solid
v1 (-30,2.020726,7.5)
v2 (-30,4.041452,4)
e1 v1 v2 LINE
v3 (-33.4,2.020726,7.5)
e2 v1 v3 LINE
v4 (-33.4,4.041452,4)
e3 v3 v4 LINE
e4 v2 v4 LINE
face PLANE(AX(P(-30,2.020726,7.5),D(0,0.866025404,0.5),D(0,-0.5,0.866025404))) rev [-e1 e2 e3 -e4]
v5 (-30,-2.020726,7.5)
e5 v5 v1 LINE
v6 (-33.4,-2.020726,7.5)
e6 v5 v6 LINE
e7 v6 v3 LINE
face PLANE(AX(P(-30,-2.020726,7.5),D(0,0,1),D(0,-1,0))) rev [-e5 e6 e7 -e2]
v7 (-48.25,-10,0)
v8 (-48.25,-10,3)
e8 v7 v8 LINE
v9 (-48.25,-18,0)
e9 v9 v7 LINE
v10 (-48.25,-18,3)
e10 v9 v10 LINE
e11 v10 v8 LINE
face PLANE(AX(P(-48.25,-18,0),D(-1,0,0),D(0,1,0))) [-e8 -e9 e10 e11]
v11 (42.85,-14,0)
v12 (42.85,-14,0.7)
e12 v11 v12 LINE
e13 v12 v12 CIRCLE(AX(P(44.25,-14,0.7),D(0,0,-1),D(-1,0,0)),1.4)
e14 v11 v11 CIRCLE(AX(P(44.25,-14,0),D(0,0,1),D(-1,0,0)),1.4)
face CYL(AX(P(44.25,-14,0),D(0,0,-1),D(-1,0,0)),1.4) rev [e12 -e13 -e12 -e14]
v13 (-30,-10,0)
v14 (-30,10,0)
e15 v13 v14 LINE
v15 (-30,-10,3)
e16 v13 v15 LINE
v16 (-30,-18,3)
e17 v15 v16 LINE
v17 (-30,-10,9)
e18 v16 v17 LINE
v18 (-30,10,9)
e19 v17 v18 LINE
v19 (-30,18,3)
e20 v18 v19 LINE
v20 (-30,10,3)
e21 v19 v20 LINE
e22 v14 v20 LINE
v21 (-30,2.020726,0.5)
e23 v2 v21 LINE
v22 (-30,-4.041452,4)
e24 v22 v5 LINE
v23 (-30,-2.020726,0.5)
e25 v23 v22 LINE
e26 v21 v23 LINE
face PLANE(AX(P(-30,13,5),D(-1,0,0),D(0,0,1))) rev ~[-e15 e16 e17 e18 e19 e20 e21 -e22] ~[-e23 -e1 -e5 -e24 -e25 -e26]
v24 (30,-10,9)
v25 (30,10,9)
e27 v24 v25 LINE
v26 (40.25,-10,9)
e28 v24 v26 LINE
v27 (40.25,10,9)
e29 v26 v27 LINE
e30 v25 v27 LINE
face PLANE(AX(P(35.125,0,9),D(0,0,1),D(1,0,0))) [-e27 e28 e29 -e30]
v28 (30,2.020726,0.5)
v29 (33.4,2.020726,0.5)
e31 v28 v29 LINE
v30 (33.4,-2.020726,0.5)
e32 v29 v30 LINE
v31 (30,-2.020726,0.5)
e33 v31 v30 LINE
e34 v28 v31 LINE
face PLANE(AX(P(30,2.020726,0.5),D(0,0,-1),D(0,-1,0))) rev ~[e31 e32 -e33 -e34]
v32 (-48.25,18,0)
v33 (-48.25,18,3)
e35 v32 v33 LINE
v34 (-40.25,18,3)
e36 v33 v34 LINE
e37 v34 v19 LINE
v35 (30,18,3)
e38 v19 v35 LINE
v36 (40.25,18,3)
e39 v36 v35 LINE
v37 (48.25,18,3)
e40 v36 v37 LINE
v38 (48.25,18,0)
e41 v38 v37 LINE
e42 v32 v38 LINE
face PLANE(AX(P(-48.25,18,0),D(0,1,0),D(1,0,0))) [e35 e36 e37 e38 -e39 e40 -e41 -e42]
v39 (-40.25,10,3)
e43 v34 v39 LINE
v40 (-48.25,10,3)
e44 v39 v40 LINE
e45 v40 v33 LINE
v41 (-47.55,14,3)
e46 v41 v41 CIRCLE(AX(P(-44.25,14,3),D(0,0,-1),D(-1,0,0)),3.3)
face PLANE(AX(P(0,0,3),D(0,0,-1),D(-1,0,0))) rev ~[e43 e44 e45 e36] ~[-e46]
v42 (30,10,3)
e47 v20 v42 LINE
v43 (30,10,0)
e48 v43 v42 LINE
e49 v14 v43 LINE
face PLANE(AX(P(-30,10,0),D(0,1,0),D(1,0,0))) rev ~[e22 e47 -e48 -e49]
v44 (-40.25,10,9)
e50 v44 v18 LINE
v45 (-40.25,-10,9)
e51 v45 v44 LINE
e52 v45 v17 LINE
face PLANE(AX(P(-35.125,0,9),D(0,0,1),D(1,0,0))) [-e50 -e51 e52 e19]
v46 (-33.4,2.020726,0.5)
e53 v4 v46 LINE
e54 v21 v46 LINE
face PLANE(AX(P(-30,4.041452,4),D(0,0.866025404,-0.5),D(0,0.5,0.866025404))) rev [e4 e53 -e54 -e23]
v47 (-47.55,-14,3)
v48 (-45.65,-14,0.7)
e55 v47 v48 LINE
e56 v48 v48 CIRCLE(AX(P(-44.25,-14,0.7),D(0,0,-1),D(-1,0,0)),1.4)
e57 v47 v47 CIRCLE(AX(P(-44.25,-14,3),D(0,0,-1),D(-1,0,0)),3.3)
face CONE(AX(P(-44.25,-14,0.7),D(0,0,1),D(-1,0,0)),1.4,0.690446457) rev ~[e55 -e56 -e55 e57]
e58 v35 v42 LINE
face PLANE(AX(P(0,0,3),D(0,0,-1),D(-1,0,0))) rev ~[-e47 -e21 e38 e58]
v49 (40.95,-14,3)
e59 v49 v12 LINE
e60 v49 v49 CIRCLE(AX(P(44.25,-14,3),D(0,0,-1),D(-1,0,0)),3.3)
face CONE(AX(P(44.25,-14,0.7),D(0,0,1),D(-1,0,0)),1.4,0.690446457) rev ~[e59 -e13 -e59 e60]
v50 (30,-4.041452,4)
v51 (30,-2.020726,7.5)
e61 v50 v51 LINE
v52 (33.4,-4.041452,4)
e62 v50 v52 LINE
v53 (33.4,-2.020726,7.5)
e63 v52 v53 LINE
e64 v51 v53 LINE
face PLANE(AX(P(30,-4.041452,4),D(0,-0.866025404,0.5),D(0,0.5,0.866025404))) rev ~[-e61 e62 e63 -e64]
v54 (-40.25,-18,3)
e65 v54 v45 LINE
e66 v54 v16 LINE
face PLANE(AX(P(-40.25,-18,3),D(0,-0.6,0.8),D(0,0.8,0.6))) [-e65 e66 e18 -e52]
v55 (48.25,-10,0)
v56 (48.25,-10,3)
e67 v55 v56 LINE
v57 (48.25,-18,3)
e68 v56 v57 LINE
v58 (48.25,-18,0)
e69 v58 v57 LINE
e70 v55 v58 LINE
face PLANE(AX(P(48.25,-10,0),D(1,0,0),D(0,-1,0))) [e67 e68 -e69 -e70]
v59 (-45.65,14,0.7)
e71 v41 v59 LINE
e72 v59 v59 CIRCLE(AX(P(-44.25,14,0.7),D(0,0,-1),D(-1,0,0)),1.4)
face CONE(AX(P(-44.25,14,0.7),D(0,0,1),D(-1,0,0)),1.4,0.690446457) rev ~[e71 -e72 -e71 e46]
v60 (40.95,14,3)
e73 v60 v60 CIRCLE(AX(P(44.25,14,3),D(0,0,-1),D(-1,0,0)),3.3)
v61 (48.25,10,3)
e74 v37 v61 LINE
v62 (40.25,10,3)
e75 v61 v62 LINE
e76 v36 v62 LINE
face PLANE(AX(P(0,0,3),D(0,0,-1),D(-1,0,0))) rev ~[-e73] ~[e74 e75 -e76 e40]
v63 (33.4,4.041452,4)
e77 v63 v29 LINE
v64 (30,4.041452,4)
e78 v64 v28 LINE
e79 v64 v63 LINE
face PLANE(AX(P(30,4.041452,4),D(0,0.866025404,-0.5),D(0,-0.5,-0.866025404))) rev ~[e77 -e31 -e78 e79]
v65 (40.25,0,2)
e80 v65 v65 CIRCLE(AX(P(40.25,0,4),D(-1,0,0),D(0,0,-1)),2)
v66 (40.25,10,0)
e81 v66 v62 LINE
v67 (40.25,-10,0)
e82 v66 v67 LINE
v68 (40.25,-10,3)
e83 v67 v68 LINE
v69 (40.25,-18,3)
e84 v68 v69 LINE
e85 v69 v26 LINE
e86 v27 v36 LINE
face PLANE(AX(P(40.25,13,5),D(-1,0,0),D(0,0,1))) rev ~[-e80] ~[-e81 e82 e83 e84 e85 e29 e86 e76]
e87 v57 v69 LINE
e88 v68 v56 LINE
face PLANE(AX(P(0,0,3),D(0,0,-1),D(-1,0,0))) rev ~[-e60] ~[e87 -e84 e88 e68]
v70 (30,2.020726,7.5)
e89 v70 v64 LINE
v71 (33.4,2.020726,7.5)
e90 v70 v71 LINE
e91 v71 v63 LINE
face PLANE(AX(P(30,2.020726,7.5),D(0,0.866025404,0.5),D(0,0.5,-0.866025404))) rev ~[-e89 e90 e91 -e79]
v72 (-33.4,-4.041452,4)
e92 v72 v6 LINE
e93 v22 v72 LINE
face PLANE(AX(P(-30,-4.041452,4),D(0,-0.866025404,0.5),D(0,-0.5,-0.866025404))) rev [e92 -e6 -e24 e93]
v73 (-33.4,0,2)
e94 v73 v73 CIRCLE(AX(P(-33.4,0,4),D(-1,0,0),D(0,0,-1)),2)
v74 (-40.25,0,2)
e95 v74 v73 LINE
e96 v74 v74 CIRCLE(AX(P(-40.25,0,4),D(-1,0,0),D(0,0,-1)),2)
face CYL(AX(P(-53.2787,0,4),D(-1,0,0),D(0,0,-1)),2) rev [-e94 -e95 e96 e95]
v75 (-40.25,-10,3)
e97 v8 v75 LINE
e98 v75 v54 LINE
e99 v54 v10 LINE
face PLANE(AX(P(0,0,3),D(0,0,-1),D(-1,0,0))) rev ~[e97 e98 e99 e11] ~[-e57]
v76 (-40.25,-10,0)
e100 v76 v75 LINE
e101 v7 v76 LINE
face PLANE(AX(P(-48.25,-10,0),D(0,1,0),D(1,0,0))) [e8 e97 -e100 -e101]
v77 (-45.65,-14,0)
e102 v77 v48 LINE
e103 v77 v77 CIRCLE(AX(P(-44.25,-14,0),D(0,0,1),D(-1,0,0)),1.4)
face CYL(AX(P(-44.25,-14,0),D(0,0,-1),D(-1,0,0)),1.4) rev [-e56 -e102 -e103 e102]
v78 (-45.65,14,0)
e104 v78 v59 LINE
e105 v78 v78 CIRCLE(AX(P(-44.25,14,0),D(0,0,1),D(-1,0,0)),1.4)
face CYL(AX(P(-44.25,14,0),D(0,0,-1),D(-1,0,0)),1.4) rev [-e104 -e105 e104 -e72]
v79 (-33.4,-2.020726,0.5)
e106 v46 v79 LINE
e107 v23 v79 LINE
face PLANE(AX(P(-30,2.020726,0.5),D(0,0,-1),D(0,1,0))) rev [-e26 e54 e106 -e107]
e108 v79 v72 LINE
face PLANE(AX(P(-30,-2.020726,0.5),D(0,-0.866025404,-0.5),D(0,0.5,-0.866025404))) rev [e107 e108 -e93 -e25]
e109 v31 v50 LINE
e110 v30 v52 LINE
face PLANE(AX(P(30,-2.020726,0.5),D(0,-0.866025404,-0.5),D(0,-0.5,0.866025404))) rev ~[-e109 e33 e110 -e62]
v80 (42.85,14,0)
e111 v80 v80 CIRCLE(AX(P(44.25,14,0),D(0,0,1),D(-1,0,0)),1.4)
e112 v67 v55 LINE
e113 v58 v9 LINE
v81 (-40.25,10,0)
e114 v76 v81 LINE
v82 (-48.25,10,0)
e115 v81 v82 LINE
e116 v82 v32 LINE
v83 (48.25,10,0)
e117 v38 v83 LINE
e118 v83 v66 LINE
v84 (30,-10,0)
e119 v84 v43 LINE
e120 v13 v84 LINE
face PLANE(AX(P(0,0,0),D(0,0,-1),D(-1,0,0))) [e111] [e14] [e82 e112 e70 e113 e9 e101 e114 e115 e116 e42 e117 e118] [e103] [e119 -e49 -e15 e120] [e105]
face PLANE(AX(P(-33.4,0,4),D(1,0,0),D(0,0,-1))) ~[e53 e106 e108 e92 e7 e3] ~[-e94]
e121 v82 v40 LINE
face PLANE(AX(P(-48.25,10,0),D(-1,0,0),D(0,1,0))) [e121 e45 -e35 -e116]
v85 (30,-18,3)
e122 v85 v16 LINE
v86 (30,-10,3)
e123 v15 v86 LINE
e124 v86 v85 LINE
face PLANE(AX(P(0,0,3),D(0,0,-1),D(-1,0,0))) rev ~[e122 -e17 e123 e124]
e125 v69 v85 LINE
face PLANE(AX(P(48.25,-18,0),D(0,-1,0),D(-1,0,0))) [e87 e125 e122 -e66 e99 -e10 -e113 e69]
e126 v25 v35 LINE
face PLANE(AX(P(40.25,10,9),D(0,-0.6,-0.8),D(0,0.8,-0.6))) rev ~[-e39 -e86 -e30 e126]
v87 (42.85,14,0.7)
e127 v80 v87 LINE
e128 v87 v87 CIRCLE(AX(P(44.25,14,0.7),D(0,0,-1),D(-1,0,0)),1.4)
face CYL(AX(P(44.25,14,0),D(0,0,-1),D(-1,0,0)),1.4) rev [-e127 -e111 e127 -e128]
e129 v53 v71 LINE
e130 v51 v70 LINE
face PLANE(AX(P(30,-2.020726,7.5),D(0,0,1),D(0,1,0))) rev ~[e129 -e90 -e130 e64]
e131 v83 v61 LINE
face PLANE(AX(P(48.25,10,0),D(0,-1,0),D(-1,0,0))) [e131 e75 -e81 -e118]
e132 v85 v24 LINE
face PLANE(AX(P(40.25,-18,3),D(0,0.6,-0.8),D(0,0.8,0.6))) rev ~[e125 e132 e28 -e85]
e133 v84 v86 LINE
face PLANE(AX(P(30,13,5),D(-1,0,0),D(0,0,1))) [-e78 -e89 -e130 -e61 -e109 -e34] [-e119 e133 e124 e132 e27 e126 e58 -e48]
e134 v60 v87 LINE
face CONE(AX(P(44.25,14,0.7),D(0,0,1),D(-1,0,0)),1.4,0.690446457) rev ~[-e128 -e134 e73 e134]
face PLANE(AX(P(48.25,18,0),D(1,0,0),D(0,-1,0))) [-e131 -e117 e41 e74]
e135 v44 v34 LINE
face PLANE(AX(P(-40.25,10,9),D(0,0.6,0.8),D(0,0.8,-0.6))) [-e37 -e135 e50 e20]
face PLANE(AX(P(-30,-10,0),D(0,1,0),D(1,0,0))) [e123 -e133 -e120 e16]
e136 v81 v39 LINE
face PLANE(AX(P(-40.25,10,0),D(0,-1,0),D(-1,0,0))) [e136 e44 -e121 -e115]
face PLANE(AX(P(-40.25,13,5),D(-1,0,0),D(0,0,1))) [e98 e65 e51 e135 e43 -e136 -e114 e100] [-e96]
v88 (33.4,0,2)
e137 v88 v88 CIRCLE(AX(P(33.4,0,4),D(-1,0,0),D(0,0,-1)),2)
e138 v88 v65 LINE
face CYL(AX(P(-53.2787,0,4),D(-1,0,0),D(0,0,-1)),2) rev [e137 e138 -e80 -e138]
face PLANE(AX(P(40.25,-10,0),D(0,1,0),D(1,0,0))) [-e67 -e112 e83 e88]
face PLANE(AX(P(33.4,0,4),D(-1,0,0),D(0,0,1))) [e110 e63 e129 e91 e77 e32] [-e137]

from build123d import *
from OCP.BRepFilletAPI import BRepFilletAPI_MakeChamfer

# Parameters (mm, degrees)
SKETCH_1_W               = 60
SKETCH_1_H               = 20
EXTRUDE_1_DEPTH          = 3
SKETCH_2_W               = 10.25
SKETCH_2_H               = 20
EXTRUDE_2_DEPTH          = 6
CUT_EXTRUDE_1_DEPTH      = 53.278700252
CUT_EXTRUDE_1_DEPTH_BACK = 53.278700252
SKETCH_3_R               = 2
SKETCH_4_R               = 1.4
CUT_EXTRUDE_2_DEPTH      = 53.278700252
EXTRUDE_3_DEPTH          = 10.25
EXTRUDE_4_DEPTH          = 10.25
CUT_EXTRUDE_3_DEPTH      = 3.4
CHAMFER_1_SIZE           = 1.9
CHAMFER_1_SIZE2          = 2.3


with BuildPart() as part:
    # 스케치1 → 보스-돌출1 (new body)
    with BuildSketch(Plane.XY):
        Polygon((-48.25, 18), (48.25, 18), (48.25, 10), (40.25, 10), (40.25, -10), (48.25, -10), (48.25, -18), (-48.25, -18), (-48.25, -10), (-40.25, -10), (-40.25, 10), (-48.25, 10), align=None)
        Rectangle(SKETCH_1_W, SKETCH_1_H, mode=Mode.SUBTRACT)
    extrude(amount=EXTRUDE_1_DEPTH)

    # 스케치2 → 보스-돌출2 (add)
    with BuildSketch(Plane.XY.offset(3)):
        with Locations((35.125, 0)):
            Rectangle(SKETCH_2_W, SKETCH_2_H)
        with Locations((-35.125, 0)):
            Rectangle(SKETCH_2_W, SKETCH_2_H)
    extrude(amount=EXTRUDE_2_DEPTH)

    # 스케치3 → 컷-돌출1 (cut, two sides: drawn at the far end of the back side and taken through both)
    with BuildSketch(Plane(origin=(0, 0, 0), x_dir=(0, 0, -1), z_dir=(1, 0, 0)).offset(-CUT_EXTRUDE_1_DEPTH_BACK)):
        with Locations((-4, 0)):
            Circle(SKETCH_3_R)
    extrude(amount=CUT_EXTRUDE_1_DEPTH + CUT_EXTRUDE_1_DEPTH_BACK, mode=Mode.SUBTRACT)

    # 스케치4 → 컷-돌출2 (cut, through all)
    with BuildSketch(Plane.XY):
        with Locations(Location((44.25, 14, 0), (0, 0, 180))):
            Circle(SKETCH_4_R)
        with Locations(Location((-44.25, 14, 0), (0, 0, 180))):
            Circle(SKETCH_4_R)
        with Locations(Location((44.25, -14, 0), (0, 0, 180))):
            Circle(SKETCH_4_R)
        with Locations(Location((-44.25, -14, 0), (0, 0, 180))):
            Circle(SKETCH_4_R)
    extrude(amount=CUT_EXTRUDE_2_DEPTH, mode=Mode.SUBTRACT)

    # 스케치5 → 보스-돌출3 (add)
    with BuildSketch(Plane(origin=(40.25, 0, 0), x_dir=(0, 0, -1), z_dir=(1, 0, 0))):
        Polygon((-9, 10), (-3, 18), (-3, 10), align=None)
        Polygon((-9, -10), (-3, -10), (-3, -18), align=None)
    extrude(amount=-EXTRUDE_3_DEPTH)

    # 스케치6 → 보스-돌출4 (add)
    with BuildSketch(Plane.ZY.offset(40.25)):
        Polygon((3, 18), (3, 10), (9, 10), align=None)
        Polygon((3, -10), (3, -18), (9, -10), align=None)
    extrude(amount=-EXTRUDE_4_DEPTH)

    # 스케치7 → 컷-돌출3 (cut)
    with BuildSketch(Plane.ZY.offset(-30)):
        Polygon((4, 4.041451884), (0.5, 2.020725942), (0.5, -2.020725942), (4, -4.041451884), (7.5, -2.020725942), (7.5, 2.020725942), align=None)
    cut_extrude_3 = extrude(amount=-CUT_EXTRUDE_3_DEPTH, mode=Mode.SUBTRACT)

    # 대칭 복사2: 컷-돌출3 across plane
    add(cut_extrude_3.mirror(Plane(origin=(0, 0, 0), x_dir=(0, 0, 1), z_dir=(1, 0, 0))), mode=Mode.SUBTRACT)

    # 모따기1: one chamfer whose edges measure the first distance from different faces: ONE call of the kernel's chamfer builder (chamfer() names one face for all edges)
    chamfer_1_edges_1 = [part.edges().sort_by_distance(p)[0] for p in [
        (45.65, -14, 3),
    ]]
    chamfer_1_side_1 = [part.faces().sort_by_distance(p)[0] for p in [
        (44.25, -17.886862915, 3),
    ]]
    chamfer_1_edges_2 = [part.edges().sort_by_distance(p)[0] for p in [
        (-42.85, -14, 3),
    ]]
    chamfer_1_side_2 = [part.faces().sort_by_distance(p)[0] for p in [
        (-44.25, -17.886862915, 3),
    ]]
    chamfer_1_edges_3 = [part.edges().sort_by_distance(p)[0] for p in [
        (45.65, 14, 3),
    ]]
    chamfer_1_side_3 = [part.faces().sort_by_distance(p)[0] for p in [
        (40.363137085, 14, 3),
    ]]
    chamfer_1_edges_4 = [part.edges().sort_by_distance(p)[0] for p in [
        (-42.85, 14, 3),
    ]]
    chamfer_1_side_4 = [part.faces().sort_by_distance(p)[0] for p in [
        (-40.363137085, 14, 3),
    ]]
    chamfer_1 = BRepFilletAPI_MakeChamfer(part.part.solid().wrapped)
    for e in chamfer_1_edges_1:
        chamfer_1.Add(CHAMFER_1_SIZE, CHAMFER_1_SIZE2, e.wrapped, chamfer_1_side_1[0].wrapped)  # the first distance lies on this face
    for e in chamfer_1_edges_2:
        chamfer_1.Add(CHAMFER_1_SIZE, CHAMFER_1_SIZE2, e.wrapped, chamfer_1_side_2[0].wrapped)  # the first distance lies on this face
    for e in chamfer_1_edges_3:
        chamfer_1.Add(CHAMFER_1_SIZE, CHAMFER_1_SIZE2, e.wrapped, chamfer_1_side_3[0].wrapped)  # the first distance lies on this face
    for e in chamfer_1_edges_4:
        chamfer_1.Add(CHAMFER_1_SIZE, CHAMFER_1_SIZE2, e.wrapped, chamfer_1_side_4[0].wrapped)  # the first distance lies on this face
    add(Compound.cast(chamfer_1.Shape()), mode=Mode.REPLACE)


solid = part.part
